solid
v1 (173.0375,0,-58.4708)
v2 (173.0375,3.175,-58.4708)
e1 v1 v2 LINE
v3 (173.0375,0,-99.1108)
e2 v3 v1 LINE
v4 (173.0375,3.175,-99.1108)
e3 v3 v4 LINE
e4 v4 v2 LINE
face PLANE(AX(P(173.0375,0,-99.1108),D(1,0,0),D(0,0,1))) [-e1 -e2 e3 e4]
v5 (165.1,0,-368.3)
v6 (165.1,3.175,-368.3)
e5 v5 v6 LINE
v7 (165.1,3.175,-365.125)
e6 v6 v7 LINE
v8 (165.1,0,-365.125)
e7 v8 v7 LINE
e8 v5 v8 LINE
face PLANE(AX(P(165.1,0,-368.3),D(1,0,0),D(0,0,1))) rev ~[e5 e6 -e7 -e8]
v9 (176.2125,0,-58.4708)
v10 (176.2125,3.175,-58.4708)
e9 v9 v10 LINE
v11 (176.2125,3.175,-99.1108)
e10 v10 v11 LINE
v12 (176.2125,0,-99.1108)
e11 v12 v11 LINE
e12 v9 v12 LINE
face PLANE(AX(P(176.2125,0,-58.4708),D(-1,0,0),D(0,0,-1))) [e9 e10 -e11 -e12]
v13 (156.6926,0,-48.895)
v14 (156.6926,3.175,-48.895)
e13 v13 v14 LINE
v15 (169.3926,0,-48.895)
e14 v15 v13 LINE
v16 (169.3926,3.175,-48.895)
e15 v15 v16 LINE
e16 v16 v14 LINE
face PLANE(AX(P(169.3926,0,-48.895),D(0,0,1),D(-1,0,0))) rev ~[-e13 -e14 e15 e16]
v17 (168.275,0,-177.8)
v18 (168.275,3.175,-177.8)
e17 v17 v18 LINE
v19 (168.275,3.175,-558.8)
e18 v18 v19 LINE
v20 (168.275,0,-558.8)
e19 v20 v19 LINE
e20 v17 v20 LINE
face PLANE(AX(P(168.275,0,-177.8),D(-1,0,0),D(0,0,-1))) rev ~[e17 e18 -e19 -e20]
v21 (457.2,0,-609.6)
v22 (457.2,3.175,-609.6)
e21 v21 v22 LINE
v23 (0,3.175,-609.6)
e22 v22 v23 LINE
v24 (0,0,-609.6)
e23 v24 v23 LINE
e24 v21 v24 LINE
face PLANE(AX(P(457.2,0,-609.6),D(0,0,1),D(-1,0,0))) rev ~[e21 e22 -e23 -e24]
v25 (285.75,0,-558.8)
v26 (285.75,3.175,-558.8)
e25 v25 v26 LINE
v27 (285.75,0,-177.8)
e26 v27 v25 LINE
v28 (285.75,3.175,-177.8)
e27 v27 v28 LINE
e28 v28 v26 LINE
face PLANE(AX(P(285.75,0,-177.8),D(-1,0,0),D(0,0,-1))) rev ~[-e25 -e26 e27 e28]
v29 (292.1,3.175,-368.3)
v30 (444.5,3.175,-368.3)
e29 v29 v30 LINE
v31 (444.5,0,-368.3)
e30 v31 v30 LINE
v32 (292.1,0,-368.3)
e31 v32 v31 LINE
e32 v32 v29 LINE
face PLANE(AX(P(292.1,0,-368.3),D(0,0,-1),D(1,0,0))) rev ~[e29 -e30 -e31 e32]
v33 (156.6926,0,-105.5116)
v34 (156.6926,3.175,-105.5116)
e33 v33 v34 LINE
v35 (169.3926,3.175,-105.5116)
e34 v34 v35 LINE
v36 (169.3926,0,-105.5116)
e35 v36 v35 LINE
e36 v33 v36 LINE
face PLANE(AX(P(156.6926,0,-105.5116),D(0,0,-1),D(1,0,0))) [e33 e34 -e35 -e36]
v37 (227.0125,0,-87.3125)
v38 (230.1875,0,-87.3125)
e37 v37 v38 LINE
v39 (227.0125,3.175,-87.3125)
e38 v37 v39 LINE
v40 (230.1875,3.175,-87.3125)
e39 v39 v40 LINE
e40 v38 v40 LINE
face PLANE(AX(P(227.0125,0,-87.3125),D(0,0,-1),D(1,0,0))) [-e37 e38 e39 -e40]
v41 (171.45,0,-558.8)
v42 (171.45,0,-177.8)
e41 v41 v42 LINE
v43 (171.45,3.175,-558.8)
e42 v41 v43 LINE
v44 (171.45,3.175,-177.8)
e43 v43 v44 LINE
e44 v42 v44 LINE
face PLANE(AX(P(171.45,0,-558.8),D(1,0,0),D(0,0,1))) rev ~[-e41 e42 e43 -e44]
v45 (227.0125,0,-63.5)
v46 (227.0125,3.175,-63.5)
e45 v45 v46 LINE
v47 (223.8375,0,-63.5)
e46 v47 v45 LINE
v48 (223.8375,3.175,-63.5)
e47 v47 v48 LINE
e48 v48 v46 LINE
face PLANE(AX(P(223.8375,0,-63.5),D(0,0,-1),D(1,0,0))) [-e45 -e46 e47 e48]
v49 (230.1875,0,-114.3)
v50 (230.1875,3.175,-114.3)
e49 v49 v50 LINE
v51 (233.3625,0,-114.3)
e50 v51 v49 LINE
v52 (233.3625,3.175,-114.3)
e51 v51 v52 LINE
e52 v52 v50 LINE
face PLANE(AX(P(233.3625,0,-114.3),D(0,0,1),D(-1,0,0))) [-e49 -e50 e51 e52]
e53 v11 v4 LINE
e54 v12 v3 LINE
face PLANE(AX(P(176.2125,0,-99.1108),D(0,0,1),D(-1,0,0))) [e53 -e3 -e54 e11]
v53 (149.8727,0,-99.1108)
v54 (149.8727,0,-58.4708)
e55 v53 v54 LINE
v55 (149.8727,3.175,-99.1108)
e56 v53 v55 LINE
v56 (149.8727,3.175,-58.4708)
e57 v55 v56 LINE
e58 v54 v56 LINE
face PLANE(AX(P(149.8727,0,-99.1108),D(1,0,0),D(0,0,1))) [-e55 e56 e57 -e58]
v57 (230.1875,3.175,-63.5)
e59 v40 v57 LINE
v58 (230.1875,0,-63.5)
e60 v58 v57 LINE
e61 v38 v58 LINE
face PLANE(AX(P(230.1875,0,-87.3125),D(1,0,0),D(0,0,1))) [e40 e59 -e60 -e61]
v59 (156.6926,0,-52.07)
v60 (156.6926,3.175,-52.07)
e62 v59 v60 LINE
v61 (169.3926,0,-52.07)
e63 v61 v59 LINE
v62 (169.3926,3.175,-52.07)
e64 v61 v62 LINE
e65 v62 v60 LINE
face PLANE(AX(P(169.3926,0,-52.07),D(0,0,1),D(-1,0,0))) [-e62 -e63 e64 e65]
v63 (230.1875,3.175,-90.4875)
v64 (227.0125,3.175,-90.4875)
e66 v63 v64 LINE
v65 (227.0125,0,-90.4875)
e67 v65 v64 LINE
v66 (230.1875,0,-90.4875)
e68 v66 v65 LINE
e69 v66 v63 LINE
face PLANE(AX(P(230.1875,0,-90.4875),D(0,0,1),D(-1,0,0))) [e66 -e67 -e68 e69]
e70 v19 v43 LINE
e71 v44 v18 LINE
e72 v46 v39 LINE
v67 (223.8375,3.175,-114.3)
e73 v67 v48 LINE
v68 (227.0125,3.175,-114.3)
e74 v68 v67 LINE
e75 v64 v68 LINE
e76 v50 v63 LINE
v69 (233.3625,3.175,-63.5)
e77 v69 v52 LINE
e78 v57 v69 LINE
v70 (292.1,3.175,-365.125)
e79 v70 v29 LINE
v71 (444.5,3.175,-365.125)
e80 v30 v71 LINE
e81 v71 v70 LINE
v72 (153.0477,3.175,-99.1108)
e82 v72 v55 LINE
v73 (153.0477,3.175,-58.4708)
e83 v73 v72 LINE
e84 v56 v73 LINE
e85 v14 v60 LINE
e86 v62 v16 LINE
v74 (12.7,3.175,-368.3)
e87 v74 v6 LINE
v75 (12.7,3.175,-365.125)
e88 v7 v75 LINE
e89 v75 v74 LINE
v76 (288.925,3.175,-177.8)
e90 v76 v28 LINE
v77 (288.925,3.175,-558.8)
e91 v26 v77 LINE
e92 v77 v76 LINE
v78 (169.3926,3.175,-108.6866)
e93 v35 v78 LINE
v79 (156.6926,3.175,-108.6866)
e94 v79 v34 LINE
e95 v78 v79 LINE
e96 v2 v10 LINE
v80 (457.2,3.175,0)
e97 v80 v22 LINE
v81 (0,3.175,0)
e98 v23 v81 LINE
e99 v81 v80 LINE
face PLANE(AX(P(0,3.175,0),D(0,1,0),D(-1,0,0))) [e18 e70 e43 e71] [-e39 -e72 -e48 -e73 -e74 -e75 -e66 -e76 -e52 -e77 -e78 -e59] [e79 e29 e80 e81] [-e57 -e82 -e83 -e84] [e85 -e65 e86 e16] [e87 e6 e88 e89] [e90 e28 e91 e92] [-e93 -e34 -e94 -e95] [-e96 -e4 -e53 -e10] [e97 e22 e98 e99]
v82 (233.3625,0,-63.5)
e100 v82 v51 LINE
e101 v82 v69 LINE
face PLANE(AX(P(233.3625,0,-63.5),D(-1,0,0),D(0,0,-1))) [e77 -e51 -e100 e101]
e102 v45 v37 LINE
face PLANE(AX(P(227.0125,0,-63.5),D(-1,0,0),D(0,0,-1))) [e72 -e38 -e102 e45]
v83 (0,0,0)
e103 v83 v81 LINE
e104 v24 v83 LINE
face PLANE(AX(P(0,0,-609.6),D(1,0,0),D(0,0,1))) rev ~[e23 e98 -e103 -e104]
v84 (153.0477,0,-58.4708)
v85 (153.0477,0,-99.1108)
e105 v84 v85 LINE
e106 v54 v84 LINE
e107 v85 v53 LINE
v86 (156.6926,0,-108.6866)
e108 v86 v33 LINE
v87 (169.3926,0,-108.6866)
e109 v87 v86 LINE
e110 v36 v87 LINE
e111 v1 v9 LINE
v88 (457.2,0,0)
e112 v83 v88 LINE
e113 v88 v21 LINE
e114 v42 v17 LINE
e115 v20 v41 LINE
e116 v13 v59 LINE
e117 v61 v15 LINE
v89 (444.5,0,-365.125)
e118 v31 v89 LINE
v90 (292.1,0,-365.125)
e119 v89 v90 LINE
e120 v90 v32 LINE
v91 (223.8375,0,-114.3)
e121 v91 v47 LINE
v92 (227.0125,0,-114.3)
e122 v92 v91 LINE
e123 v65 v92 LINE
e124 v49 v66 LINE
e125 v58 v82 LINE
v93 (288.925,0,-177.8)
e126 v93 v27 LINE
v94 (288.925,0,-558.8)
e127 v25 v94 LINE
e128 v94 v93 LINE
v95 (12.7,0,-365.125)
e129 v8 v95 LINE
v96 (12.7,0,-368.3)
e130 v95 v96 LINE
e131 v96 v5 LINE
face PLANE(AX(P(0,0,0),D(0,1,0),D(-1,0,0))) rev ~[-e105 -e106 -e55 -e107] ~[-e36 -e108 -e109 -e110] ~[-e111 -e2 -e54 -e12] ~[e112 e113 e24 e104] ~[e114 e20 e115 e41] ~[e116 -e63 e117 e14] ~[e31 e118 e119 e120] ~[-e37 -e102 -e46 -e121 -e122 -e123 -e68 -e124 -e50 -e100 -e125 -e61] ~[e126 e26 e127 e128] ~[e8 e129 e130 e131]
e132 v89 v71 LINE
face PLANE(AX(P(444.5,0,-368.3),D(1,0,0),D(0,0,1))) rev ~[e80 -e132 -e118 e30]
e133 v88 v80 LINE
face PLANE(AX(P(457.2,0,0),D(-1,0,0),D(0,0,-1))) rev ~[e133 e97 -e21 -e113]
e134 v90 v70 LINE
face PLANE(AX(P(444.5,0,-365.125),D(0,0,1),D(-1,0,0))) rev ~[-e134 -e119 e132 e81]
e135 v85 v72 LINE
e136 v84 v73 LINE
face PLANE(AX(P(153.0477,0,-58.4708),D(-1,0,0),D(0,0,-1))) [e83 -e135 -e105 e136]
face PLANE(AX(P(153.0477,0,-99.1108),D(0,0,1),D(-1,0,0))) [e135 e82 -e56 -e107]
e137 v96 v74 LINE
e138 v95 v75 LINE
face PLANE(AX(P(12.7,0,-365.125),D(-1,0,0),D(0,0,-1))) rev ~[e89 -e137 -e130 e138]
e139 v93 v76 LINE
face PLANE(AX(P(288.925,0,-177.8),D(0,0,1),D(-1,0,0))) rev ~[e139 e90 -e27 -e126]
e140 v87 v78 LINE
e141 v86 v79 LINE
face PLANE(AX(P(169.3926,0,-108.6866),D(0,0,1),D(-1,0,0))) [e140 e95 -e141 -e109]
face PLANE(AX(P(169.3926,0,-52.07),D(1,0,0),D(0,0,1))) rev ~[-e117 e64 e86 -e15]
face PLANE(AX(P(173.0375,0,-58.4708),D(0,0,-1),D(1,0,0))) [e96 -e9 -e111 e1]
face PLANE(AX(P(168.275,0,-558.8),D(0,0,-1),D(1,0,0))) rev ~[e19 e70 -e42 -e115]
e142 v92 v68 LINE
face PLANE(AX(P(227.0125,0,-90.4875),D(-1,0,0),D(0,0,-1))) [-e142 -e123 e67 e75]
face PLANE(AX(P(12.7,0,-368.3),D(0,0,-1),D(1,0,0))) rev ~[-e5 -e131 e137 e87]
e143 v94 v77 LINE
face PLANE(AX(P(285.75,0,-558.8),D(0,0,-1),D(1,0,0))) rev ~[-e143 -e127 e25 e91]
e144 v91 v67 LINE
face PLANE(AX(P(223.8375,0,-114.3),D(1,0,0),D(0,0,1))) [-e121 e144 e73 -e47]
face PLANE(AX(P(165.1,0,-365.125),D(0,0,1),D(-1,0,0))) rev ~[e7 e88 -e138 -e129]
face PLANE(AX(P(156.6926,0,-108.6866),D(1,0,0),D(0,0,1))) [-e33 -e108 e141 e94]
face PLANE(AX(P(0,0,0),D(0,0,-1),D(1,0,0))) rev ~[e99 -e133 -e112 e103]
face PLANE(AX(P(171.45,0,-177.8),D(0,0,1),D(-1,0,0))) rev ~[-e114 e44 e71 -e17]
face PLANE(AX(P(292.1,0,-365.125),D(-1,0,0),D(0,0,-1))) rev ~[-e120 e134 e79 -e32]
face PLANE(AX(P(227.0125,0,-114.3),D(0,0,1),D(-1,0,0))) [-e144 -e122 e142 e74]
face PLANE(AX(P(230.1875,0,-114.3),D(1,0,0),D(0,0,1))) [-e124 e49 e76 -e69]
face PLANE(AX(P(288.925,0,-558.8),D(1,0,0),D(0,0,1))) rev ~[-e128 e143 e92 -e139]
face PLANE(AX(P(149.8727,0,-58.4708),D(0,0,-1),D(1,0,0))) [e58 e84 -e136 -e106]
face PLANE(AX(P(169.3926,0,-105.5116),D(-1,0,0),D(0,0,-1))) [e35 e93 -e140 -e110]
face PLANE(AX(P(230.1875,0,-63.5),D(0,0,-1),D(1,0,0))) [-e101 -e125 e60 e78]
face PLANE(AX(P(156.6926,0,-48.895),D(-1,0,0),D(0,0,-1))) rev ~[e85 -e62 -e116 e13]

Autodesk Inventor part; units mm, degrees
ref_plane "YZ Plane" through (0, 0, 0) normal (1, 0, 0) x (0, 1, 0)
ref_plane "XZ Plane" through (0, 0, 0) normal (0, 1, 0) x (-1, 0, 0)
ref_plane "XY Plane" through (0, 0, 0) normal (0, 0, 1) x (1, 0, 0)
sketch "Sketch1" plane through (0, 0, 0) normal (0, 1, 0) x (-1, 0, 0)
  line L0 (0, 0) -> (-457.2, 0)
  line L1 (-457.2, 0) -> (-457.2, -609.6)
  line L2 (-457.2, -609.6) -> (0, -609.6)
  line L3 (0, -609.6) -> (0, 0)
  line L4 (-168.275, -558.8) -> (-171.45, -558.8)
  line L5 (-171.45, -558.8) -> (-171.45, -177.8)
  line L6 (-171.45, -177.8) -> (-168.275, -177.8)
  line L7 (-168.275, -177.8) -> (-168.275, -558.8)
  line L8 (-285.75, -558.8) -> (-288.925, -558.8)
  line L9 (-288.925, -558.8) -> (-288.925, -177.8)
  line L10 (-288.925, -177.8) -> (-285.75, -177.8)
  line L11 (-285.75, -177.8) -> (-285.75, -558.8)
  line L12 (-12.7, -368.3) -> (-165.1, -368.3)
  line L13 (-165.1, -368.3) -> (-165.1, -365.125)
  line L14 (-165.1, -365.125) -> (-12.7, -365.125)
  line L15 (-12.7, -365.125) -> (-12.7, -368.3)
  line L16 (-292.1, -368.3) -> (-444.5, -368.3)
  line L17 (-444.5, -368.3) -> (-444.5, -365.125)
  line L18 (-444.5, -365.125) -> (-292.1, -365.125)
  line L19 (-292.1, -365.125) -> (-292.1, -368.3)
  line L20 (-223.8375, -63.5) -> (-227.0125, -63.5)
  line L21 (-227.0125, -63.5) -> (-227.0125, -114.3)
  line L22 (-227.0125, -114.3) -> (-223.8375, -114.3)
  line L23 (-223.8375, -114.3) -> (-223.8375, -63.5)
  line L24 (-230.1875, -63.5) -> (-233.3625, -63.5)
  line L25 (-233.3625, -63.5) -> (-233.3625, -114.3)
  line L26 (-233.3625, -114.3) -> (-230.1875, -114.3)
  line L27 (-230.1875, -114.3) -> (-230.1875, -63.5)
  line L28 (-153.0477, -105.5116) -> (-173.0375, -105.5116)
  line L29 (-173.0375, -105.5116) -> (-173.0375, -52.07)
  line L30 (-173.0375, -52.07) -> (-153.0477, -52.07)
  line L31 (-153.0477, -52.07) -> (-153.0477, -105.5116)
  line L32 (-156.6926, -105.5116) -> (-169.3926, -105.5116)
  line L33 (-169.3926, -105.5116) -> (-169.3926, -108.6866)
  line L34 (-169.3926, -108.6866) -> (-156.6926, -108.6866)
  line L35 (-156.6926, -108.6866) -> (-156.6926, -105.5116)
  line L36 (-156.6926, -52.07) -> (-169.3926, -52.07)
  line L37 (-169.3926, -52.07) -> (-169.3926, -48.895)
  line L38 (-169.3926, -48.895) -> (-156.6926, -48.895)
  line L39 (-156.6926, -48.895) -> (-156.6926, -52.07)
  line L40 (-153.0477, -99.1108) -> (-149.8727, -99.1108)
  line L41 (-149.8727, -99.1108) -> (-149.8727, -58.4708)
  line L42 (-149.8727, -58.4708) -> (-153.0477, -58.4708)
  line L43 (-153.0477, -58.4708) -> (-153.0477, -99.1108)
  line L44 (-173.0375, -58.4708) -> (-176.2125, -58.4708)
  line L45 (-176.2125, -58.4708) -> (-176.2125, -99.1108)
  line L46 (-176.2125, -99.1108) -> (-173.0375, -99.1108)
  line L47 (-173.0375, -99.1108) -> (-173.0375, -58.4708)
  line L48 (-227.0125, -87.3125) -> (-230.1875, -87.3125)
  line L49 (-230.1875, -87.3125) -> (-230.1875, -90.4875)
  line L50 (-230.1875, -90.4875) -> (-227.0125, -90.4875)
  line L51 (-227.0125, -90.4875) -> (-227.0125, -87.3125)
  point P0 (-169.8625, -558.8)
  point P1 (-169.8625, -177.8)
  point P2 (-287.3375, -558.8)
  point P3 (-287.3375, -177.8)
  point P4 (-168.275, -368.3)
  point P5 (-165.1, -366.7125)
  point P6 (-292.1, -366.7125)
  point P7 (-225.425, -63.5)
  point P8 (-163.0426, -105.5116)
  point P9 (-156.6926, -107.0991)
  point P10 (-156.6926, -50.4825)
  point P11 (-151.4602, -99.1108)
  point P12 (-169.3926, -105.5116)
  dimension "d0" = 457.2
  dimension "d1" = 609.6
  dimension "d2" = 3.175
  dimension "d3" = 3.175
  dimension "d4" = 381
  dimension "d5" = 381
  dimension "d6" = 50.8
  dimension "d7" = 50.8
  dimension "d8" = 114.3
  dimension "d9" = 168.275
  dimension "d10" = 152.4
  dimension "d11" = 3.175
  dimension "d12" = 241.3
  dimension "d13" = 3.175
  dimension "d14" = 152.4
  dimension "d15" = 3.175
  dimension "d16" = 3.175
  dimension "d17" = 241.3
  dimension "d18" = 3.175
  dimension "d19" = 50.8
  dimension "d20" = 3.175
  dimension "d21" = 50.8
  dimension "d22" = 3.175
  dimension "d23" = 223.8375
  dimension "d24" = 19.9898
  dimension "d25" = 53.4416
  dimension "d26" = 50.8
  dimension "d27" = 63.5
  dimension "d29" = 105.5116
  dimension "d30" = 12.7
  dimension "d31" = 3.175
  dimension "d32" = 3.6449
  dimension "d33" = 12.7
  dimension "d34" = 3.175
  dimension "d35" = 3.6449
  dimension "d36" = 3.175
  dimension "d37" = 40.64
  dimension "d38" = 6.4008
  dimension "d39" = 3.175
  dimension "d40" = 40.64
  dimension "d41" = 6.4008
  dimension "d44" = 3.175
  dimension "d45" = 3.175
  dimension "d46" = 23.8125
extrude "Extrusion1" add sketch "Sketch1" along normal blind 3.175 contours L3 L2 L1 L0 | L28 L29 L30 L31
properties part number "base"
